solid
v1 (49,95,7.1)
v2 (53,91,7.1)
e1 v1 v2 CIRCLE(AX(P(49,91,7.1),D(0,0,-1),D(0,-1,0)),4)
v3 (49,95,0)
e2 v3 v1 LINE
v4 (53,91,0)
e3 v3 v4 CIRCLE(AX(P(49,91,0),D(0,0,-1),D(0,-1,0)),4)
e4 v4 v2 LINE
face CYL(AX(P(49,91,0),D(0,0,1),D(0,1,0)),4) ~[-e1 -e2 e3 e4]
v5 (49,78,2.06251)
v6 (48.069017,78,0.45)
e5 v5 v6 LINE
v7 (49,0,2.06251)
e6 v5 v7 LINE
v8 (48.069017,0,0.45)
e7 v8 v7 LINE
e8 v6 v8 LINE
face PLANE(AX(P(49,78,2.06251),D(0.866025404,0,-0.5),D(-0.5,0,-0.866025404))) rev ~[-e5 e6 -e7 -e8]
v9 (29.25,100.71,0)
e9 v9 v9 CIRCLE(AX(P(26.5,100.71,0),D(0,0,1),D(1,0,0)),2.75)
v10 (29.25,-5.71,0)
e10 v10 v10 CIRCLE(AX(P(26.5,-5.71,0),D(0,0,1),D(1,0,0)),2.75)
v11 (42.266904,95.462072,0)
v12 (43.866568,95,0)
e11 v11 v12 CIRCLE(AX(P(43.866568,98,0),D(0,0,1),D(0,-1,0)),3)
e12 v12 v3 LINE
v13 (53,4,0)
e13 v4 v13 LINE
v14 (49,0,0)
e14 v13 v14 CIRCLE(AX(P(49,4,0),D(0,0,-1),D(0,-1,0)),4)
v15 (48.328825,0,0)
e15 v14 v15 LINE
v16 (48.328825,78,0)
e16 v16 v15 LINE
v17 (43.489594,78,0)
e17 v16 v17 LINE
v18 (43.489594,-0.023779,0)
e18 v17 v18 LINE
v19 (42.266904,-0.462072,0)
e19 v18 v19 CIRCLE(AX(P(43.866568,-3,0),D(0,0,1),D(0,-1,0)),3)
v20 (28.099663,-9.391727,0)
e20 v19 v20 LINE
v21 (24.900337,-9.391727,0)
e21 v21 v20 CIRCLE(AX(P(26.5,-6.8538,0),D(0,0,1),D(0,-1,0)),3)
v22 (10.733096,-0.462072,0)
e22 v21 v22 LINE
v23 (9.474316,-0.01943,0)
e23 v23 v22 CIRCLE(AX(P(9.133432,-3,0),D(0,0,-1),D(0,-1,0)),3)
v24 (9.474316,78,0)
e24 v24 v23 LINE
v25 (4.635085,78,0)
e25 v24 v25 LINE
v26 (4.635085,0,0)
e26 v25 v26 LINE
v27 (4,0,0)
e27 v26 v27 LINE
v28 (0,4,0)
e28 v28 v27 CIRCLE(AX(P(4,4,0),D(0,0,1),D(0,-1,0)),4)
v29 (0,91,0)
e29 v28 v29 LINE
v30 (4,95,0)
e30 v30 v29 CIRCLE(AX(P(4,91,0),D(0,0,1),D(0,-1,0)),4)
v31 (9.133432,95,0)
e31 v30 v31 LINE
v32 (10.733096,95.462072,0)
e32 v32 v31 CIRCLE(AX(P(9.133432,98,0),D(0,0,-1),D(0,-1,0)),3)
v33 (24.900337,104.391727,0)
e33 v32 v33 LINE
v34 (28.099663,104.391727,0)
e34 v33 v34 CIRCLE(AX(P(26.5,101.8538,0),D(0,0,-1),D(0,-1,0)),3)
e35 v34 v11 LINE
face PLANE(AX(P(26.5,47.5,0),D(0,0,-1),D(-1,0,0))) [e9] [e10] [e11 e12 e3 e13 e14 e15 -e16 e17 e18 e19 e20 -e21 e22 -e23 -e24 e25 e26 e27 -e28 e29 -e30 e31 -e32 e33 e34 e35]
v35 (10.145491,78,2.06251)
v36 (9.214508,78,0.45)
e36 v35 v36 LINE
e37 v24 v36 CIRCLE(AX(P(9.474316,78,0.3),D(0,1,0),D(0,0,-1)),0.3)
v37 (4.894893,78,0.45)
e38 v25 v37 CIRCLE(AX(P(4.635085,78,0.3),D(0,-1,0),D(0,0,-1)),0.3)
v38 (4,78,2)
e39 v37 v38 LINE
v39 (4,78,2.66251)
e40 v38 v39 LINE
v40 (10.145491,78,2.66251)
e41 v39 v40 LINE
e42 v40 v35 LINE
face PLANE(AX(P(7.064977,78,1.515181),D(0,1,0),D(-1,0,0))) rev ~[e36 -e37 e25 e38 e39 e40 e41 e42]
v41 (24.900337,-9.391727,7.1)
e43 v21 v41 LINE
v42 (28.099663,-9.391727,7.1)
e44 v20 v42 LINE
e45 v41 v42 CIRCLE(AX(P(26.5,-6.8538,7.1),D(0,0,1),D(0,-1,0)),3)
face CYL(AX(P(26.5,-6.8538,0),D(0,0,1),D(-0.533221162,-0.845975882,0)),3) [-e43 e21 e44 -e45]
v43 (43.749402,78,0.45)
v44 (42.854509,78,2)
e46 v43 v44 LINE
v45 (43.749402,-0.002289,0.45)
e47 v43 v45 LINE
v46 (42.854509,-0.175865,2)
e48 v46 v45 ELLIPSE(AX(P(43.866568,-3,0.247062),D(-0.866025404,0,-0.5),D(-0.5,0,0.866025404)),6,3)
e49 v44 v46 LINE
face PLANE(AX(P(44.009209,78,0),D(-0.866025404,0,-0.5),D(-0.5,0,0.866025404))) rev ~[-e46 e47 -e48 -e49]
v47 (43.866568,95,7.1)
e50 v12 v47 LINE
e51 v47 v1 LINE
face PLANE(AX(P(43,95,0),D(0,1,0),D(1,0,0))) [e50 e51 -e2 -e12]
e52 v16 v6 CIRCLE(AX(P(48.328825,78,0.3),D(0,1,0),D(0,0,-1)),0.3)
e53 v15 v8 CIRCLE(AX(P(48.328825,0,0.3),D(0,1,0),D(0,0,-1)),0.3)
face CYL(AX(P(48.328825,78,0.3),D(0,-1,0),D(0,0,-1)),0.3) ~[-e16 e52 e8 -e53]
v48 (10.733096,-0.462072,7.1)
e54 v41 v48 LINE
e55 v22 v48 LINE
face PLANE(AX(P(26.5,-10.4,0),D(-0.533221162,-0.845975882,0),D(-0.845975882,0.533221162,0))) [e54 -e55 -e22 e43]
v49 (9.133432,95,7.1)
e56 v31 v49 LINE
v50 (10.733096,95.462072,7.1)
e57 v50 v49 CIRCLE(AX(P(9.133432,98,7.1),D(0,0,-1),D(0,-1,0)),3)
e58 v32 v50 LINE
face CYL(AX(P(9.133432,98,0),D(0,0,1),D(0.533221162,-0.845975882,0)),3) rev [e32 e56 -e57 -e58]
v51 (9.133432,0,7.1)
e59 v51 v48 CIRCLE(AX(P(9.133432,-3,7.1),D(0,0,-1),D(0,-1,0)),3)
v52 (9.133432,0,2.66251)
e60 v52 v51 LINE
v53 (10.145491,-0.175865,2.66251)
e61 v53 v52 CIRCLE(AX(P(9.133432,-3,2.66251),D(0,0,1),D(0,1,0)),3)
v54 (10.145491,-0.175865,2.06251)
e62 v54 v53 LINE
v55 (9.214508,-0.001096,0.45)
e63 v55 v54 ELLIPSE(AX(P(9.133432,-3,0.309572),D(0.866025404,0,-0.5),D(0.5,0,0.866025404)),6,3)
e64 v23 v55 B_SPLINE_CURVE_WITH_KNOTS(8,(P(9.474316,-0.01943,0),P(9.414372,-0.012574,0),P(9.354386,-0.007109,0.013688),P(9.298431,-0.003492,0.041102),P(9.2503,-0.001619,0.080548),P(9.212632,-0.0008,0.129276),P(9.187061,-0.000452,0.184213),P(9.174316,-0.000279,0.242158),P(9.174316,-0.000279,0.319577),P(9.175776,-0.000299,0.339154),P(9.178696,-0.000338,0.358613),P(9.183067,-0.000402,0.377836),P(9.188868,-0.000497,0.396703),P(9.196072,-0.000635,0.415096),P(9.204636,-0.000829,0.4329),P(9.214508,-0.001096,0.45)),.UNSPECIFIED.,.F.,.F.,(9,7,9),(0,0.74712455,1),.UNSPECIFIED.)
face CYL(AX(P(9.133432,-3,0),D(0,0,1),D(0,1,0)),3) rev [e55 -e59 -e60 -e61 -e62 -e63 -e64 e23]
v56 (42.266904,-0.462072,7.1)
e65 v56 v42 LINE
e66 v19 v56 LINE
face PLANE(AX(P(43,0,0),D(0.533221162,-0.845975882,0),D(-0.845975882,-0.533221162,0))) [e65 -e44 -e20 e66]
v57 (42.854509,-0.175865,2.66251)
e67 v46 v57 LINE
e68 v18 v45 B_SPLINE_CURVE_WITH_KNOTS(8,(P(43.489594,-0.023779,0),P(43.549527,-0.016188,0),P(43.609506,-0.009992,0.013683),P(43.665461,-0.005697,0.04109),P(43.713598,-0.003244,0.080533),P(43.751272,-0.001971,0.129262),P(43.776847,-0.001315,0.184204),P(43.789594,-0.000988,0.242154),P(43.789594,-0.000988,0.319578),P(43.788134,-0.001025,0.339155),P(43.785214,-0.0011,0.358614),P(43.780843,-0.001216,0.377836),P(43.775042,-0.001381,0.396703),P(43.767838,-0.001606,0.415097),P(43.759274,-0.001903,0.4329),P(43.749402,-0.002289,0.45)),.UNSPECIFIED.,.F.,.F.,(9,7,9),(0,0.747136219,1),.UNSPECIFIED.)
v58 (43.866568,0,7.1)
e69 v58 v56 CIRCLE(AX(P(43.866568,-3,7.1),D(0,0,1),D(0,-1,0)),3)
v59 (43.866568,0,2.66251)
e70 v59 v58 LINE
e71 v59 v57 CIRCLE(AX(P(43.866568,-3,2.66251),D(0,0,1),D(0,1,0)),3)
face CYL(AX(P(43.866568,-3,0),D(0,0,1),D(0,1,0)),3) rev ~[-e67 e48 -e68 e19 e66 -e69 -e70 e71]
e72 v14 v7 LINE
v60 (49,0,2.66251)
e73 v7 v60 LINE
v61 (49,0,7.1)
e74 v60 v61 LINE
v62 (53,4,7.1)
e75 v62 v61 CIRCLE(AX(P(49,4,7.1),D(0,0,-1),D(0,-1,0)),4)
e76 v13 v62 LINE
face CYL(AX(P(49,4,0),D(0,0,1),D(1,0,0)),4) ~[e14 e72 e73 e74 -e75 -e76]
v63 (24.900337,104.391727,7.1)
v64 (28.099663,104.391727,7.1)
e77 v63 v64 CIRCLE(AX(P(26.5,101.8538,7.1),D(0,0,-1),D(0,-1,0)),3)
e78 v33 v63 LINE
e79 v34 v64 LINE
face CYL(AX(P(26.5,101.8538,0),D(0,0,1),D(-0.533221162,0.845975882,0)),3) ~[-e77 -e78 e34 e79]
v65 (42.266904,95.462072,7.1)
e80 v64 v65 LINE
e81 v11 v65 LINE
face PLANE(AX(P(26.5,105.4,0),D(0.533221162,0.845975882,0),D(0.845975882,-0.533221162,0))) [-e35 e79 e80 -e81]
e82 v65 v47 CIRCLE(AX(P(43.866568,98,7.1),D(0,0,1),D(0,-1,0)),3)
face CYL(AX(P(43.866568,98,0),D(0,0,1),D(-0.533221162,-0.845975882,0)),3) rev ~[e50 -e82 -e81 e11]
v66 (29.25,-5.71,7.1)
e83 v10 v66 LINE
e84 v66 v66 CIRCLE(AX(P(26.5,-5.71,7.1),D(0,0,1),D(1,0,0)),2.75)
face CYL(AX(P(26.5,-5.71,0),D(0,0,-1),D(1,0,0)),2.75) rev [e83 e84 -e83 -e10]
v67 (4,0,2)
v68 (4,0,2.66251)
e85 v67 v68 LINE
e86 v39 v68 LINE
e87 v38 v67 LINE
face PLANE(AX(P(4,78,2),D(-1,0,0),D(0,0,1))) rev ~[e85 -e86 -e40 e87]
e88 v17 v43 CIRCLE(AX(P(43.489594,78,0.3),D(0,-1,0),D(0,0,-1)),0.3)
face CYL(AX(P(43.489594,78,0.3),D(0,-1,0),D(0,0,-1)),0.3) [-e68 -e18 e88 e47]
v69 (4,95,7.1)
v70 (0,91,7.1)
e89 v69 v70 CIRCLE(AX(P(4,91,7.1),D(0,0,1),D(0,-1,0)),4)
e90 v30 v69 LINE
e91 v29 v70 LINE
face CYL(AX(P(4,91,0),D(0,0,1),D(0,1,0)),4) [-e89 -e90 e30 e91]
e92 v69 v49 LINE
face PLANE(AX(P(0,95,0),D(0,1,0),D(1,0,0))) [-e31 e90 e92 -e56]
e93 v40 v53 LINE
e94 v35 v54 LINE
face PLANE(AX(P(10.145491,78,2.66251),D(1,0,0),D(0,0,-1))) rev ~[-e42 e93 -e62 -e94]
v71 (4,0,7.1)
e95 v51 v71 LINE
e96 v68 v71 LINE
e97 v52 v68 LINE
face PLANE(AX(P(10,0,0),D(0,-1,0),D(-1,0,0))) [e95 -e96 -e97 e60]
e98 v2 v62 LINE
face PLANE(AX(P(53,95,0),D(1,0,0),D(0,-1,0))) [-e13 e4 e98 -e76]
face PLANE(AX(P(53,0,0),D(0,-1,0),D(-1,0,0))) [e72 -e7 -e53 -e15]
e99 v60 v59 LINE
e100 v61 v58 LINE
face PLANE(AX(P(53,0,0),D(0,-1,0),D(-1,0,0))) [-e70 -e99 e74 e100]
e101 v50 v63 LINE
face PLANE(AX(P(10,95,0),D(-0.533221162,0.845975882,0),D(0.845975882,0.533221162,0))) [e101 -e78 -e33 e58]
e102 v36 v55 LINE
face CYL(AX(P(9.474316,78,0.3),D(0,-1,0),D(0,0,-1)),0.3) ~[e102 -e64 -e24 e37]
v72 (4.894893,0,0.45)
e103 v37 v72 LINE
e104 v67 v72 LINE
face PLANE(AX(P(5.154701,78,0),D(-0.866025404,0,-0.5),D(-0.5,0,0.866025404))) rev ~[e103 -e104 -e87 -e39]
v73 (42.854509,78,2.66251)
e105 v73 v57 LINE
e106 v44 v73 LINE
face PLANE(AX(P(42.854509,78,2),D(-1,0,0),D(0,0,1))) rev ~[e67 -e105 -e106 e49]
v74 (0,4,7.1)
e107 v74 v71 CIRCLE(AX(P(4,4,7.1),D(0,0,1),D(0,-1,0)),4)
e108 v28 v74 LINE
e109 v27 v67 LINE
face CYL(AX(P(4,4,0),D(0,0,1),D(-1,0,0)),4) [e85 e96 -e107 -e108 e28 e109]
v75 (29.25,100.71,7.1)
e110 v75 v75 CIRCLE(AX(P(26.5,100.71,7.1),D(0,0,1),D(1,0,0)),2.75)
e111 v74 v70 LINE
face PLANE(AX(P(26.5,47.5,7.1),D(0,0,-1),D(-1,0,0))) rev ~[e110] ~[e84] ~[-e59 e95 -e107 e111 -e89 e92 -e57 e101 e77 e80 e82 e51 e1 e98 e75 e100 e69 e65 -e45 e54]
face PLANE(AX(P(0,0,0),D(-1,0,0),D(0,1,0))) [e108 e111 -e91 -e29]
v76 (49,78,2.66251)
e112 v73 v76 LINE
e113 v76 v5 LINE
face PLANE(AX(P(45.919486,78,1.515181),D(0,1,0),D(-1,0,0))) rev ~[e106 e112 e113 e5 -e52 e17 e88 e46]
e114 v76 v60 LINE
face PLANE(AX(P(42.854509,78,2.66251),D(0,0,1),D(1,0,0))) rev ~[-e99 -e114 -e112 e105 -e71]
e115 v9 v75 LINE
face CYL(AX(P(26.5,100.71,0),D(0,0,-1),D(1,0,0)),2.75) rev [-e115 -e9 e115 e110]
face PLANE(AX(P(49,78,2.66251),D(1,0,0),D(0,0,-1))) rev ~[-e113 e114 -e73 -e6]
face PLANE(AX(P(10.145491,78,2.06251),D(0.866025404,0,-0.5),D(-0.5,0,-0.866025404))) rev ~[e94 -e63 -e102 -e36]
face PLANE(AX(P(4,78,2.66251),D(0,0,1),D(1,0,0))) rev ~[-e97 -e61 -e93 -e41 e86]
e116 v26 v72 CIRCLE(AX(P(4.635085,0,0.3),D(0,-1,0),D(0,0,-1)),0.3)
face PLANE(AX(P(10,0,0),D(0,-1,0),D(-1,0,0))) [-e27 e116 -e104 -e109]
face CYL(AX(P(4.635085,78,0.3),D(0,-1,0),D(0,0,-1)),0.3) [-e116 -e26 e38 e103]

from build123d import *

# Parameters (mm, degrees)
ESQUISSE1_R                  = 2.75
BOSS_EXTRU_1_DEPTH           = 7.1
CONG_1_R                     = 3
CONG_2_R                     = 4
ENL_V_MAT_EXTRU_1_DEPTH      = 118.701866141
ENL_V_MAT_EXTRU_1_DEPTH_BACK = 78
CONG_3_R                     = 0.3


with BuildPart() as part:
    # Esquisse1 → Boss.-Extru.1 (new body)
    with BuildSketch(Plane.XY):
        Polygon((10, 95), (26.5, 105.4), (43, 95), (53, 95), (53, 0), (43, 0), (26.5, -10.4), (10, 0), (0, 0), (0, 95), align=None)
        with Locations((26.5, 100.71)):
            Circle(ESQUISSE1_R, mode=Mode.SUBTRACT)
        with Locations((26.5, -5.71)):
            Circle(ESQUISSE1_R, mode=Mode.SUBTRACT)
    extrude(amount=BOSS_EXTRU_1_DEPTH)

    # Congé1
    cong_1_edges = [part.edges().sort_by_distance(p)[0] for p in [
        (10, 95, 3.55),
        (26.5, 105.4, 3.55),
        (43, 95, 3.55),
        (43, 0, 3.55),
        (26.5, -10.4, 3.55),
        (10, 0, 3.55),
    ]]
    fillet(cong_1_edges, radius=CONG_1_R)

    # Congé2
    cong_2_edges = [part.edges().sort_by_distance(p)[0] for p in [
        (0, 95, 3.55),
        (53, 95, 3.55),
        (53, 0, 3.55),
        (0, 0, 3.55),
    ]]
    fillet(cong_2_edges, radius=CONG_2_R)

    # Esquisse3 → Enlèv. mat.-Extru.1 (cut, two sides: drawn at the far end of the back side and taken through both)
    with BuildSketch(Plane.XZ.offset(-ENL_V_MAT_EXTRU_1_DEPTH_BACK)):
        Polygon((5.154700538, 0), (4, 2), (4, 2.662509826), (10.145491142, 2.662509826), (10.145491142, 2.062509826), (8.954700538, 0), align=None)
        Polygon((44.009209397, 0), (42.854508858, 2), (42.854508858, 2.662509826), (49, 2.662509826), (49, 2.062509826), (47.809209397, 0), align=None)
    extrude(amount=ENL_V_MAT_EXTRU_1_DEPTH + ENL_V_MAT_EXTRU_1_DEPTH_BACK, mode=Mode.SUBTRACT)

    # Congé3
    cong_3_edges = [part.edges().sort_by_distance(p)[0] for p in [
        (44.009209397, 39, 0),
        (47.809209397, 39, 0),
        (8.954700538, 39, 0),
        (5.154700538, 39, 0),
    ]]
    fillet(cong_3_edges, radius=CONG_3_R)


solid = part.part
